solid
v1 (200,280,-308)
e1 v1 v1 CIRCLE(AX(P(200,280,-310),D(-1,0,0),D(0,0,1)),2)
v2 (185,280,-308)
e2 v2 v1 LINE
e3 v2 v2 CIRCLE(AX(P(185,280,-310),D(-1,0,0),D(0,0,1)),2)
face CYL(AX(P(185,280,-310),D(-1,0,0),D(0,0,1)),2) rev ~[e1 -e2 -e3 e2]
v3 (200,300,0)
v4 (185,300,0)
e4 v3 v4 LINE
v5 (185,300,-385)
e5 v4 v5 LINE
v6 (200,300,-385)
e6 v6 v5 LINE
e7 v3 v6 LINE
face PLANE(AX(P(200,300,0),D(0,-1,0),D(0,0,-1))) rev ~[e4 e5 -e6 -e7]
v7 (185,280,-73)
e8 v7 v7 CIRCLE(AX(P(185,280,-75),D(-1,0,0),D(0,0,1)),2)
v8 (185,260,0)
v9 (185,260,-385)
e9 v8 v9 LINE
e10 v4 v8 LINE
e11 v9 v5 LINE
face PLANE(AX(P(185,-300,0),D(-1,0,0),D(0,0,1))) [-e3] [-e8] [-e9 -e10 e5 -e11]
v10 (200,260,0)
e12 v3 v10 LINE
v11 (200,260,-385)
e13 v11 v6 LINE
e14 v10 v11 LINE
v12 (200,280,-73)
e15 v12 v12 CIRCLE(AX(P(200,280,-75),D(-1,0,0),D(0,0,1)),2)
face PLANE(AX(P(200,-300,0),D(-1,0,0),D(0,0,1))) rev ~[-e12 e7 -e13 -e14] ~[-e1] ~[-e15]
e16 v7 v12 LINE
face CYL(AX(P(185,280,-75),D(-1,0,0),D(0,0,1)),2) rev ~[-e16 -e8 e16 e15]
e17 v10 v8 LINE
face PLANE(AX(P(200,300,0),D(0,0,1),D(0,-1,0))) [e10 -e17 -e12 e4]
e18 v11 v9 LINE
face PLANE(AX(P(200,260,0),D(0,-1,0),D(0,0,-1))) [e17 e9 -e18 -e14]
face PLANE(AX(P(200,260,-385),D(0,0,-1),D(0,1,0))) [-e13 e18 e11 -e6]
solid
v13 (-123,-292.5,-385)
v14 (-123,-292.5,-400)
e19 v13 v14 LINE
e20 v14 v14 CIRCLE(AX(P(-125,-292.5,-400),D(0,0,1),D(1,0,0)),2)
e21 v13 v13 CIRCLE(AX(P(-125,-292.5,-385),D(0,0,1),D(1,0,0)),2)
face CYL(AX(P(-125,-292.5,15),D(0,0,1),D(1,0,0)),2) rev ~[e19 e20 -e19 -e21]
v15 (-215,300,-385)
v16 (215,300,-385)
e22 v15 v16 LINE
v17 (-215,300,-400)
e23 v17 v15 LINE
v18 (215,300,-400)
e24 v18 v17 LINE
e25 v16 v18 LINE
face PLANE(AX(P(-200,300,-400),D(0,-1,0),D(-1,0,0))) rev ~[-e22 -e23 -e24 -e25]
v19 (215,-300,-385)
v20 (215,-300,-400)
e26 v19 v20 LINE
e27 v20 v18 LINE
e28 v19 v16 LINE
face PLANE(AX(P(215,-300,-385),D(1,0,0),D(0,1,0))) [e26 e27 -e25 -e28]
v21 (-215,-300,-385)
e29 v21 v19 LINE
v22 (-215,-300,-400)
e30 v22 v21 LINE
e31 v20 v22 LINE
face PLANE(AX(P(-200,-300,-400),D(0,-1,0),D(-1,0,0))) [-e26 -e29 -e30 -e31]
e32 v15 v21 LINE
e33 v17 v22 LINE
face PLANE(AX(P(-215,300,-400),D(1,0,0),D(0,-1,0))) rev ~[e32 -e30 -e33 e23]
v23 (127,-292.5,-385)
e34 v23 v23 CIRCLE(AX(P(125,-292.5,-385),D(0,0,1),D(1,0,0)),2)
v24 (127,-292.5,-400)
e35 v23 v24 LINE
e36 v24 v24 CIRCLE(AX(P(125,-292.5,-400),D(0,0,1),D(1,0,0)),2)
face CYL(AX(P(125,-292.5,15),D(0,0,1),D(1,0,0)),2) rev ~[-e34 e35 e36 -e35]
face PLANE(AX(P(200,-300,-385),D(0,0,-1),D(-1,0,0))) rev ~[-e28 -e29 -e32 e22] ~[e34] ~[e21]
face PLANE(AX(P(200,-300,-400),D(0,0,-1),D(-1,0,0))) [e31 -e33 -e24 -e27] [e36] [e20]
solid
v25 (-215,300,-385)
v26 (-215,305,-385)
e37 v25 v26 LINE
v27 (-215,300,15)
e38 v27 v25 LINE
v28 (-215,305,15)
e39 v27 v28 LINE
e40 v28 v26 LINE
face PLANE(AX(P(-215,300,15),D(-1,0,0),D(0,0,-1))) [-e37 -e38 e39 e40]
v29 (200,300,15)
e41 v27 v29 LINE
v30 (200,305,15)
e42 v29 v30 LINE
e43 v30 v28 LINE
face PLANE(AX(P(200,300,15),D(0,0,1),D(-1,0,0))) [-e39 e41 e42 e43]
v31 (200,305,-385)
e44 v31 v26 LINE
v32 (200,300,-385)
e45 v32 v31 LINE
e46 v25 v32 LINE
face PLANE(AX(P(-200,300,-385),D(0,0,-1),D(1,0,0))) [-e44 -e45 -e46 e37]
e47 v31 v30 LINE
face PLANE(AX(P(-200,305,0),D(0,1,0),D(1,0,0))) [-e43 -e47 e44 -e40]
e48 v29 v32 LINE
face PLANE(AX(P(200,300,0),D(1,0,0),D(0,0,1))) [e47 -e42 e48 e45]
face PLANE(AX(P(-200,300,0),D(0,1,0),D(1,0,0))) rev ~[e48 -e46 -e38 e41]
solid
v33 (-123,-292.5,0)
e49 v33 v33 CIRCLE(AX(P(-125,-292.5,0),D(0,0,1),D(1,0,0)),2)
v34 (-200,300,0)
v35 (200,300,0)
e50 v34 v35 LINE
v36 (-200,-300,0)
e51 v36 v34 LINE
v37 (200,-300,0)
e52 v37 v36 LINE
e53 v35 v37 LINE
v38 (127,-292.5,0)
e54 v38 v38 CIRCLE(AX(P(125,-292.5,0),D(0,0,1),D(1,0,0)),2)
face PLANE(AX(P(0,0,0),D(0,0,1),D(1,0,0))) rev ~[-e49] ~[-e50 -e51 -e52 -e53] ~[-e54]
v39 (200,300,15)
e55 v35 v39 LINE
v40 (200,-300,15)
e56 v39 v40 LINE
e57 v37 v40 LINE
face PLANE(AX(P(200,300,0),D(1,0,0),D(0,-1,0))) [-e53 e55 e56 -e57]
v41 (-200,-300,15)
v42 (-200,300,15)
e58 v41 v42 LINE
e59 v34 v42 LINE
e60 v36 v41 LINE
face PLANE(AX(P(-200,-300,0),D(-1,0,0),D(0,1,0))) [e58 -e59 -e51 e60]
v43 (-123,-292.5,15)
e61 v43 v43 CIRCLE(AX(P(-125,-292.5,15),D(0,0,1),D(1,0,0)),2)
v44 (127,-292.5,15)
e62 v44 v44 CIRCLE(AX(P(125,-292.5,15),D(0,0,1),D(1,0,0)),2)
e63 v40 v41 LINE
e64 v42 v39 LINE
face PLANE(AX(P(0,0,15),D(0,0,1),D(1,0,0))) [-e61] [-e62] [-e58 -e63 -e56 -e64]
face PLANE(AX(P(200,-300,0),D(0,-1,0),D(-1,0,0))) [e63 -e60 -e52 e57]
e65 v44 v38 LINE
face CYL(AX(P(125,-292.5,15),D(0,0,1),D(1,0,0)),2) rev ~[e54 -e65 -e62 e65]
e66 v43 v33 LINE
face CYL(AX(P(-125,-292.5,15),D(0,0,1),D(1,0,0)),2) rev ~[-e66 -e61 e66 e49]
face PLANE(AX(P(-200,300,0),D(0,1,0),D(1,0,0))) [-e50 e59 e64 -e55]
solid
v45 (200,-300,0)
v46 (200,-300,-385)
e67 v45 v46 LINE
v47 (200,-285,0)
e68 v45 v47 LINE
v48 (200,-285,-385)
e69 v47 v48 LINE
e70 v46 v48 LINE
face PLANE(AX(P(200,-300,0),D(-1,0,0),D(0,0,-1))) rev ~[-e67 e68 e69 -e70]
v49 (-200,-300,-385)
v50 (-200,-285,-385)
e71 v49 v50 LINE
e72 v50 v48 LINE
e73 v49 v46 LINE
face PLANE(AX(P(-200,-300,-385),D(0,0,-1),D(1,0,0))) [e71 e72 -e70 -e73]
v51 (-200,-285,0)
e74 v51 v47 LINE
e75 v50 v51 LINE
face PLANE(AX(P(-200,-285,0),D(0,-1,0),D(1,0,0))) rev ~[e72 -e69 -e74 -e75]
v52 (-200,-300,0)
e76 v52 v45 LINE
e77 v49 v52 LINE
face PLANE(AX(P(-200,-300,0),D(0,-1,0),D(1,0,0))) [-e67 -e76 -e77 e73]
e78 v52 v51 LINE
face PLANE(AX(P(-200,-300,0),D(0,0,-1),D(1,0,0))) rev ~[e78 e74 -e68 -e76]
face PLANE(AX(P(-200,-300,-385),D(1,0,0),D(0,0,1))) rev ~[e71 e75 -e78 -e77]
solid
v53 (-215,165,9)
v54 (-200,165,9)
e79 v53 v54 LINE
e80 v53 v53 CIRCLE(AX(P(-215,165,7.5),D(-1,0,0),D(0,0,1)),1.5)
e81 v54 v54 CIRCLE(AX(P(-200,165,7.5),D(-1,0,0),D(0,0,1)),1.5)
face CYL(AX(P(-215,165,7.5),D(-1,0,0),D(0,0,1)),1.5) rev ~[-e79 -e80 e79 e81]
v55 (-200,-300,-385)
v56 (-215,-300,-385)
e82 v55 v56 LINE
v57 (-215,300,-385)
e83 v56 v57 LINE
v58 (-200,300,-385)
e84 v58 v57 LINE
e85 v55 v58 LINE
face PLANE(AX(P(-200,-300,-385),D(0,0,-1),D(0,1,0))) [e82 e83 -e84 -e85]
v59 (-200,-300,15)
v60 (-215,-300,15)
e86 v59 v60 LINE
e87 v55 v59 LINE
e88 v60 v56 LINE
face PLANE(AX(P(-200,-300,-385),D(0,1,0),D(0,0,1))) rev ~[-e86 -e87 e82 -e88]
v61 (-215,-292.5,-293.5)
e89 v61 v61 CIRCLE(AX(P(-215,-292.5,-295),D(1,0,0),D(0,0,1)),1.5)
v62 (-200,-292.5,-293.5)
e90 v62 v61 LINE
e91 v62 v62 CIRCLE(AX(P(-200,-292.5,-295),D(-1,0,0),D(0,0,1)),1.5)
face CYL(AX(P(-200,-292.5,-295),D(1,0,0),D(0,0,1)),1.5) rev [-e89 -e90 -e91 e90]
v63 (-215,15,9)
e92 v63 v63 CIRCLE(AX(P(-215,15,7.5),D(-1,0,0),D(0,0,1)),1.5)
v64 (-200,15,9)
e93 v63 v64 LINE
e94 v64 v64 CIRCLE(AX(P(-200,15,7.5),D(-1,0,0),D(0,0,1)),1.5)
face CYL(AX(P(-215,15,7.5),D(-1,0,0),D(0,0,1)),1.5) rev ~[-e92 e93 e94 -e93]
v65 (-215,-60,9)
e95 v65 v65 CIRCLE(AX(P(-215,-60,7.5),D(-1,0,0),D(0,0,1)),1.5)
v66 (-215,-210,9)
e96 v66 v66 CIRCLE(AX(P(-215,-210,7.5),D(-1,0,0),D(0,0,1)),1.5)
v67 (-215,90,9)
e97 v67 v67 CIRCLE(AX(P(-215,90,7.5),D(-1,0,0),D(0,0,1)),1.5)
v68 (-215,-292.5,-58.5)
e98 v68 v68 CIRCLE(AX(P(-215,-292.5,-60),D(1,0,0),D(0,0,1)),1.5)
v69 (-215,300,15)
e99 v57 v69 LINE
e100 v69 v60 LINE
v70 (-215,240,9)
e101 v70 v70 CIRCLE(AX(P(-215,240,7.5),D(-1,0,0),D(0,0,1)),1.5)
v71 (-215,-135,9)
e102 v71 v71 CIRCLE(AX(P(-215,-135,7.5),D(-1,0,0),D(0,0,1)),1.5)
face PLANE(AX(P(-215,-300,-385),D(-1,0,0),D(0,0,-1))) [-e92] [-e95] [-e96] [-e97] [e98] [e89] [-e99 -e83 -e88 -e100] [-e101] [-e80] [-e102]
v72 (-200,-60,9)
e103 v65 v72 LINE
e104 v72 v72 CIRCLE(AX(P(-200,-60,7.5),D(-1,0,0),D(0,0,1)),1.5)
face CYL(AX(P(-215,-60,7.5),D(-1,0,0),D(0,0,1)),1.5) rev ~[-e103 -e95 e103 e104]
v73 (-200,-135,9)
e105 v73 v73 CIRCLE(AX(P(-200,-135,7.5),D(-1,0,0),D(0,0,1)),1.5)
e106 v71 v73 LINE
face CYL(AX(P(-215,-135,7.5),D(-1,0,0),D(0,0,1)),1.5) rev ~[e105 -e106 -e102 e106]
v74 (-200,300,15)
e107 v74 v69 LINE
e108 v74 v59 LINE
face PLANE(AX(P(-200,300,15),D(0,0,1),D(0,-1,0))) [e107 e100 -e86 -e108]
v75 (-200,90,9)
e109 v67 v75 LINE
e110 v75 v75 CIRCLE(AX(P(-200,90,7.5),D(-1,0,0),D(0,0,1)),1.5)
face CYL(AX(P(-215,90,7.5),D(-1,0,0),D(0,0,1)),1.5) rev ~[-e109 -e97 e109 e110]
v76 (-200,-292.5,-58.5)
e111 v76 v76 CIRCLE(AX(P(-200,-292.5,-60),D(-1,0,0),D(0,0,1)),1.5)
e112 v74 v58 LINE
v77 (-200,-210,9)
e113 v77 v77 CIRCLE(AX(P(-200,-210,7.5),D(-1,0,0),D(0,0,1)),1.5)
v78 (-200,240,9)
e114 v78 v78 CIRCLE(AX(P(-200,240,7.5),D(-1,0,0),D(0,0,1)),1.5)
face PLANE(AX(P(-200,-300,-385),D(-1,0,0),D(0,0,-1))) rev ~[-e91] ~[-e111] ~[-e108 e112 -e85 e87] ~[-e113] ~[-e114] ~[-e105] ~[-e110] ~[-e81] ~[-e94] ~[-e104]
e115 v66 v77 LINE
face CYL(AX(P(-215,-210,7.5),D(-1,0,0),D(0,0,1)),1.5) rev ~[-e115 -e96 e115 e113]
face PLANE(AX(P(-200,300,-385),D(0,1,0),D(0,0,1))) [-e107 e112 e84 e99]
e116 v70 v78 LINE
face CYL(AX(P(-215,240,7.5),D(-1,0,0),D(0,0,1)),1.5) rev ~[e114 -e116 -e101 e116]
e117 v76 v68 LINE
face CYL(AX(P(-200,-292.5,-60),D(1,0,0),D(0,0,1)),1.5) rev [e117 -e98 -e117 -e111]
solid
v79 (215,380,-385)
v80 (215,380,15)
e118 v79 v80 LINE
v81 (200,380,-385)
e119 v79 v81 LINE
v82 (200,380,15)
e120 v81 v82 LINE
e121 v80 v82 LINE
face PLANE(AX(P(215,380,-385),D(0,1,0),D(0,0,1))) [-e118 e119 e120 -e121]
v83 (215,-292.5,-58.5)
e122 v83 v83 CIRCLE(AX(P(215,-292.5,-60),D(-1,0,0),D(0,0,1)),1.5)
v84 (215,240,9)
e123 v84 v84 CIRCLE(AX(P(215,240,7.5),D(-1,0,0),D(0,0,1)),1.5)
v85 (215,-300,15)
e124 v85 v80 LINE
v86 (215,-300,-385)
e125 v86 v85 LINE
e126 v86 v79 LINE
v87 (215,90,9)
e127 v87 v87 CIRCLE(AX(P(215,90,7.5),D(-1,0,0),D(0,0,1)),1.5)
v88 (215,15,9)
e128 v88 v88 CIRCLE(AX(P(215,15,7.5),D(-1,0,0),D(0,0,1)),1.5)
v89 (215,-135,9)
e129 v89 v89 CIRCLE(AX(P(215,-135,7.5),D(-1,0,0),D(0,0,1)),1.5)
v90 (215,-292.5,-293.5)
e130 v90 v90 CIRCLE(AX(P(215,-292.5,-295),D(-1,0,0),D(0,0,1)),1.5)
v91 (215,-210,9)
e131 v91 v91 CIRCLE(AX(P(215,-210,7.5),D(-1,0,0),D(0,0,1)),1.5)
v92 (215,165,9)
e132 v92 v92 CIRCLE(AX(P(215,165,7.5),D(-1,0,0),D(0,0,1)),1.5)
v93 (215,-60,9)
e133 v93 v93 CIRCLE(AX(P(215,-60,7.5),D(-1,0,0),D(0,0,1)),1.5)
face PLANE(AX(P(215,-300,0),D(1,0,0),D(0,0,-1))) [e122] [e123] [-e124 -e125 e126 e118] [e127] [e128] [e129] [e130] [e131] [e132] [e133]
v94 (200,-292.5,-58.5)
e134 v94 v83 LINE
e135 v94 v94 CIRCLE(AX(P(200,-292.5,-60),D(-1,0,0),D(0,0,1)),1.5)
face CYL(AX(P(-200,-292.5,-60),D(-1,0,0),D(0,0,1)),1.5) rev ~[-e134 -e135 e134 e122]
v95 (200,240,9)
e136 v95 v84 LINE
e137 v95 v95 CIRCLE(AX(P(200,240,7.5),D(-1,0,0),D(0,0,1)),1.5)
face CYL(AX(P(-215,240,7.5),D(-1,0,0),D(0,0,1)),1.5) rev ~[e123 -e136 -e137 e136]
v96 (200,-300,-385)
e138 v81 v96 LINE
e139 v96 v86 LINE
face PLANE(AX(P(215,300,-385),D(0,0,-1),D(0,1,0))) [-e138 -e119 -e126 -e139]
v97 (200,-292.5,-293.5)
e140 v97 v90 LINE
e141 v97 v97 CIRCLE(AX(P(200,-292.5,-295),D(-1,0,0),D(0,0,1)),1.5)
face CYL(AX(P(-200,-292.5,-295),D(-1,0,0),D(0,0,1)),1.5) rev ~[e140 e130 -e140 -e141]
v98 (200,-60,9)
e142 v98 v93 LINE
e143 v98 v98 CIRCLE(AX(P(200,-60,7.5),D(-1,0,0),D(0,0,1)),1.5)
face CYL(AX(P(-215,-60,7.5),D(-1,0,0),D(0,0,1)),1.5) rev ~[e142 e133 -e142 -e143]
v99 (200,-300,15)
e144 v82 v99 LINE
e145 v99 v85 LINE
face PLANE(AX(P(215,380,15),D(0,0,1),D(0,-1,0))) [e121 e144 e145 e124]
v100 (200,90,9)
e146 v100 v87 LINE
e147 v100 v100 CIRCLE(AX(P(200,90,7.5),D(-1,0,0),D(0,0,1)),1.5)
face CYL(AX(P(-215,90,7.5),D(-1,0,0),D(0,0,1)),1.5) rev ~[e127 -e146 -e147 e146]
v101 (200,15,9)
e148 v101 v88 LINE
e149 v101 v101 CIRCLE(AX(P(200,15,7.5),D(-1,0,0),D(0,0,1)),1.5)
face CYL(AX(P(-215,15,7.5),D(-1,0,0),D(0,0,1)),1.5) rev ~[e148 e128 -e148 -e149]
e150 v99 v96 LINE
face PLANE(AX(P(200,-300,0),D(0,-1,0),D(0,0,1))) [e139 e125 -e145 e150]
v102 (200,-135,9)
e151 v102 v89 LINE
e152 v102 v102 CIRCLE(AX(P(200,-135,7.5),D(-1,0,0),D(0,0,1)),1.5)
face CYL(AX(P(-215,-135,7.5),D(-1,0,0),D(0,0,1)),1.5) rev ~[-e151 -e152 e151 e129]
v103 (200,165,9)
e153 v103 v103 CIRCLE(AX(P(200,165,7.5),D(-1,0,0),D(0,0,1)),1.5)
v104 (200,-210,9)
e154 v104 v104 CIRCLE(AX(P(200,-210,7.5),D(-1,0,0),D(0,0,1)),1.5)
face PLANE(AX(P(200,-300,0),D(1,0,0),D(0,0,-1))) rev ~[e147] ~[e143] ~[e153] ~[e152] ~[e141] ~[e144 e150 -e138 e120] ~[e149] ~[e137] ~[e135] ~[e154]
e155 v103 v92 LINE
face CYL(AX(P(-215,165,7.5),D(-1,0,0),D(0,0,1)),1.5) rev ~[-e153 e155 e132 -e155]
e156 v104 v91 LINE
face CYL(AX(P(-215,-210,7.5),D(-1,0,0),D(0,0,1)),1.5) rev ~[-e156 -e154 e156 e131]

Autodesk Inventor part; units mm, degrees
ref_plane "YZ Plane" through (0, 0, 0) normal (1, 0, 0) x (0, 1, 0)
ref_plane "XZ Plane" through (0, 0, 0) normal (0, 1, 0) x (-1, 0, 0)
ref_plane "XY Plane" through (0, 0, 0) normal (0, 0, 1) x (1, 0, 0)
sketch "Esboço1" plane through (0, 0, 0) normal (0, 0, 1) x (1, 0, 0)
  line L0 (-200, 300) -> (200, 300)
  line L1 (200, 300) -> (200, -300)
  line L2 (200, -300) -> (-200, -300)
  line L3 (-200, -300) -> (-200, 300)
  point P0 (0, 0)
  dimension "d0" = 400
  dimension "d1" = 600
  dimension "d2" = 200
  dimension "d3" = 300
extrude "Extrusão1" add sketch "Esboço1" along normal blind 15
sketch "Esboço2" plane through (200, -300, 0) normal (1, 0, 0) x (0, 0, -1)
  line L0 (0, 0) -> (0, 600) projected
  line L1 (0, 600) -> (-15, 600) projected
  line L2 (-15, 0) -> (-15, 600) projected
  line L3 (0, 0) -> (-15, 0) projected
  line L4 (0, 0) -> (385, 0)
  line L5 (385, 0) -> (385, 600)
  line L6 (385, 600) -> (0, 600)
  line L7 (0, 600) -> (0, 0)
  point P0 (0, 300)
  dimension "d7" = 400
extrude "Extrusão2" add sketch "Esboço2" along normal blind 15 separate body
sketch "Esboço4" plane through (200, -300, -385) normal (0, 0, -1) x (-1, 0, 0)
  line L0 (0, 0) -> (0, 600) projected
  line L1 (0, 600) -> (-15, 600) projected
  line L2 (-15, 0) -> (-15, 600) projected
  line L3 (0, 0) -> (-15, 0) projected
  line L4 (400, 0) -> (0, 0) projected
  line L5 (400, 600) -> (400, 0) projected
  line L6 (0, 600) -> (400, 600) projected
  line L7 (0, 0) -> (0, 600) projected
  point P0 (200, 300)
  point P1 (0, 600)
extrude "Extrusão4" add sketch "Esboço4" along normal blind 15 separate body
sketch "Esboço10" plane through (-200, -300, -385) normal (-1, 0, 0) x (0, 0, -1)
  line L0 (0, 0) -> (0, -600) projected
  line L1 (0, 0) -> (15, 0) projected
  line L2 (15, 0) -> (15, -600) projected
  line L3 (0, -600) -> (15, -600) projected
  line L4 (-385, -600) -> (-385, 0) projected
  line L5 (-385, 0) -> (-400, 0) projected
  line L6 (-400, -600) -> (-400, 0) projected
  line L7 (-385, -600) -> (-400, -600) projected
  line L8 (15, -600) -> (-385, -600)
  line L9 (15, 0) -> (-385, 0)
  point P0 (-385, -300)
extrude "Extrusão9" add sketch "Esboço10" along normal blind 15 separate body contours L0 L8 L4 L9 | L4 L7 L6 L5
sketch "Esboço11" plane through (215, -300, 0) normal (1, 0, 0) x (0, 0, -1)
  line L0 (385, 600) -> (-15, 600) projected
  line L1 (-15, 600) -> (385, 600)
  line L2 (385, 600) -> (385, 680)
  line L3 (385, 680) -> (-15, 680)
  line L4 (-15, 680) -> (-15, 600)
  point P0 (0, 300)
  dimension "d31" = 400
  dimension "d32" = 80
extrude "Extrusão10" add sketch "Esboço11" against normal blind 15 bodies 2
sketch "Esboço12" plane through (-200, 300, 0) normal (0, 1, 0) x (1, 0, 0)
  line L0 (400, 0) -> (0, 0) projected
  line L1 (0, 0) -> (0, -15) projected
  line L2 (400, -15) -> (0, -15) projected
  line L3 (400, 0) -> (400, -15) projected
  line L4 (400, 385) -> (400, -15)
  line L5 (0, -15) -> (0, 385) projected
  line L6 (0, 385) -> (-15, 385) projected
  line L7 (-15, -15) -> (-15, 385) projected
  line L8 (0, -15) -> (-15, -15) projected
  line L9 (0, 385) -> (415, 385) projected
  line L10 (400, 385) -> (0, 385)
  point P0 (200, 0)
  point P1 (400, 0)
  point P2 (400, 0)
extrude "Extrusão11" add sketch "Esboço12" along normal blind 5 separate body
ref_plane "Plano de trabalho1" through (-200, -200, -370) normal (-1, 0, 0) x (0, 0, 1)
sketch "Esboço15" plane through (-200, -200, -370) normal (-1, 0, 0) x (0, 0, 1)
  circle A0 centre (75, -92.5) radius 1.5
  line L0 (0, 0) -> (0, 15) projected
  line L1 (370, 0) -> (370, 15) projected
  line L2 (0, 15) -> (370, 15) projected
  line L3 (-15, -100) -> (385, -100) projected
  circle A1 centre (310, -92.5) radius 1.5
  line L4 (385, -100) -> (385, 500) projected
  point P0 (370, 200)
  point P1 (0, 7.5)
  point P2 (370, 7.5)
  dimension "d37" = 3
  dimension "d38" = 75
  dimension "d67" = 7.5
  dimension "d70" = 3
  dimension "d71" = 7.5
  dimension "d72" = 75
extrude "Extrusão12" cut sketch "Esboço15" along normal mid plane 50000 bodies 4 2
sketch "Esboço16" plane through (200, -300, 0) normal (-1, 0, 0) x (0, 0, 1)
  line L0 (0, 600) -> (0, 0) projected
  line L1 (0, 0) -> (0, 600) projected
  line L2 (-385, 0) -> (-385, 600) projected
  line L3 (-385, 600) -> (-385, 0) projected
  line L4 (-385, 0) -> (-385, 680) projected
  line L5 (15, 0) -> (-385, 0) projected
  line L6 (15, 0) -> (15, 680) projected
  line L7 (15, 680) -> (-385, 680) projected
  line L8 (0, 0) -> (0, 600) projected
  line L9 (0, 600) -> (-385, 600)
  line L10 (0, 560) -> (-385, 560)
  point P0 (0, 300)
  dimension "d44" = 40
extrude "Extrusão13" add sketch "Esboço16" along normal blind 15 separate body contours L0 L10 L2 L9
sketch "Esboço17" plane through (200, -300, -400) normal (0, 0, -1) x (-1, 0, 0)
  line L0 (400, 0) -> (0, 0) projected
  line L1 (400, 600) -> (400, 0) projected
  line L2 (0, 600) -> (400, 600) projected
  line L3 (0, 0) -> (0, 600) projected
  line L4 (400, 600) -> (400, 0) projected
  line L5 (400, 0) -> (415, 0) projected
  line L6 (415, 600) -> (415, 0) projected
  line L7 (400, 600) -> (415, 600) projected
  line L8 (400, 0) -> (400, 600) projected
  line L9 (400, 0) -> (400, 600) projected
  line L10 (400, 0) -> (400, 600) projected
  line L11 (400, 0) -> (400, 600) projected
  point P0 (200, 300)
  point P1 (400, 600)
extrude "Extrusão14" add sketch "Esboço17" against normal blind 15 contours L1 L7 L6 L5 bodies 3
sketch "Esboço18" plane through (-200, -300, 0) normal (0, -1, 0) x (1, 0, 0)
  line L0 (400, 15) -> (400, -385) projected
  line L1 (400, 15) -> (400, -385) projected
  line L2 (0, 0) -> (400, 0) projected
  line L3 (400, 0) -> (0, 0) projected
  line L4 (0, -385) -> (0, 15) projected
  line L5 (0, 15) -> (0, -385) projected
  line L6 (0, -385) -> (400, -385)
  line L7 (415, -385) -> (-15, -385) projected
  point P0 (200, 0)
  point P1 (0, -385)
extrude "Extrusão15" add sketch "Esboço18" against normal blind 15 separate body
sketch "Esboço19" plane through (0, 0, 15) normal (0, 0, 1) x (1, 0, 0)
  circle A0 centre (-125, -292.5) radius 2
  line L0 (-200, -300) -> (-200, 300) projected
  line L1 (-200, -300) -> (200, -300) projected
  circle A1 centre (125, -292.5) radius 2
  line L2 (200, -300) -> (200, 380) projected
  point P0 (0, 0)
  dimension "d51" = 4
  dimension "d52" = 75
  dimension "d53" = 7.5
  dimension "d54" = 4
  dimension "d55" = 75
  dimension "d66" = 7.5
extrude "Extrusão16" cut sketch "Esboço19" along normal mid plane 5000 bodies 1 3
sketch "Esboço20" plane through (185, -300, 0) normal (-1, 0, 0) x (0, 0, 1)
  circle A0 centre (-310, 580) radius 2
  line L0 (-385, 600) -> (-385, 560) projected
  line L1 (0, 600) -> (-385, 600) projected
  circle A1 centre (-75, 580) radius 2
  line L2 (0, 560) -> (0, 600) projected
  point P0 (0, 300)
  point P1 (0, 580)
  dimension "d58" = 4
  dimension "d59" = 75
  dimension "d60" = 20
  dimension "d61" = 4
  dimension "d62" = 75
  dimension "d63" = 20
extrude "Extrusão17" cut sketch "Esboço20" against normal blind 5000 bodies 6
sketch "Esboço22" plane through (-215, -300, -385) normal (-1, 0, 0) x (0, 0, 1)
  circle A0 centre (392.5, 90) radius 1.5
  line L0 (400, 0) -> (400, 600) projected
  circle A1 centre (392.5, 165) radius 1.5
  circle A2 centre (392.5, 240) radius 1.5
  circle A3 centre (392.5, 315) radius 1.5
  circle A4 centre (392.5, 390) radius 1.5
  circle A5 centre (392.5, 465) radius 1.5
  circle A6 centre (392.5, 540) radius 1.5
  point P0 (385, 300)
  point P1 (385, 15)
  dimension "d82" = 3
  dimension "d83" = 75
  dimension "d84" = 7.5
  dimension "d85" = 3
  dimension "d86" = 75
  dimension "d87" = 3
  dimension "d88" = 75
  dimension "d89" = 3
  dimension "d90" = 75
  dimension "d91" = 3
  dimension "d92" = 75
  dimension "d93" = 3
  dimension "d94" = 75
  dimension "d95" = 3
  dimension "d96" = 75
extrude "Extrusão18" cut sketch "Esboço22" along normal mid plane 50000 bodies 2 4
equation "\"d2\" = 0.5 * d0"
equation "\"d3\" = 0.5 * d1"
properties part number "modulo1"
